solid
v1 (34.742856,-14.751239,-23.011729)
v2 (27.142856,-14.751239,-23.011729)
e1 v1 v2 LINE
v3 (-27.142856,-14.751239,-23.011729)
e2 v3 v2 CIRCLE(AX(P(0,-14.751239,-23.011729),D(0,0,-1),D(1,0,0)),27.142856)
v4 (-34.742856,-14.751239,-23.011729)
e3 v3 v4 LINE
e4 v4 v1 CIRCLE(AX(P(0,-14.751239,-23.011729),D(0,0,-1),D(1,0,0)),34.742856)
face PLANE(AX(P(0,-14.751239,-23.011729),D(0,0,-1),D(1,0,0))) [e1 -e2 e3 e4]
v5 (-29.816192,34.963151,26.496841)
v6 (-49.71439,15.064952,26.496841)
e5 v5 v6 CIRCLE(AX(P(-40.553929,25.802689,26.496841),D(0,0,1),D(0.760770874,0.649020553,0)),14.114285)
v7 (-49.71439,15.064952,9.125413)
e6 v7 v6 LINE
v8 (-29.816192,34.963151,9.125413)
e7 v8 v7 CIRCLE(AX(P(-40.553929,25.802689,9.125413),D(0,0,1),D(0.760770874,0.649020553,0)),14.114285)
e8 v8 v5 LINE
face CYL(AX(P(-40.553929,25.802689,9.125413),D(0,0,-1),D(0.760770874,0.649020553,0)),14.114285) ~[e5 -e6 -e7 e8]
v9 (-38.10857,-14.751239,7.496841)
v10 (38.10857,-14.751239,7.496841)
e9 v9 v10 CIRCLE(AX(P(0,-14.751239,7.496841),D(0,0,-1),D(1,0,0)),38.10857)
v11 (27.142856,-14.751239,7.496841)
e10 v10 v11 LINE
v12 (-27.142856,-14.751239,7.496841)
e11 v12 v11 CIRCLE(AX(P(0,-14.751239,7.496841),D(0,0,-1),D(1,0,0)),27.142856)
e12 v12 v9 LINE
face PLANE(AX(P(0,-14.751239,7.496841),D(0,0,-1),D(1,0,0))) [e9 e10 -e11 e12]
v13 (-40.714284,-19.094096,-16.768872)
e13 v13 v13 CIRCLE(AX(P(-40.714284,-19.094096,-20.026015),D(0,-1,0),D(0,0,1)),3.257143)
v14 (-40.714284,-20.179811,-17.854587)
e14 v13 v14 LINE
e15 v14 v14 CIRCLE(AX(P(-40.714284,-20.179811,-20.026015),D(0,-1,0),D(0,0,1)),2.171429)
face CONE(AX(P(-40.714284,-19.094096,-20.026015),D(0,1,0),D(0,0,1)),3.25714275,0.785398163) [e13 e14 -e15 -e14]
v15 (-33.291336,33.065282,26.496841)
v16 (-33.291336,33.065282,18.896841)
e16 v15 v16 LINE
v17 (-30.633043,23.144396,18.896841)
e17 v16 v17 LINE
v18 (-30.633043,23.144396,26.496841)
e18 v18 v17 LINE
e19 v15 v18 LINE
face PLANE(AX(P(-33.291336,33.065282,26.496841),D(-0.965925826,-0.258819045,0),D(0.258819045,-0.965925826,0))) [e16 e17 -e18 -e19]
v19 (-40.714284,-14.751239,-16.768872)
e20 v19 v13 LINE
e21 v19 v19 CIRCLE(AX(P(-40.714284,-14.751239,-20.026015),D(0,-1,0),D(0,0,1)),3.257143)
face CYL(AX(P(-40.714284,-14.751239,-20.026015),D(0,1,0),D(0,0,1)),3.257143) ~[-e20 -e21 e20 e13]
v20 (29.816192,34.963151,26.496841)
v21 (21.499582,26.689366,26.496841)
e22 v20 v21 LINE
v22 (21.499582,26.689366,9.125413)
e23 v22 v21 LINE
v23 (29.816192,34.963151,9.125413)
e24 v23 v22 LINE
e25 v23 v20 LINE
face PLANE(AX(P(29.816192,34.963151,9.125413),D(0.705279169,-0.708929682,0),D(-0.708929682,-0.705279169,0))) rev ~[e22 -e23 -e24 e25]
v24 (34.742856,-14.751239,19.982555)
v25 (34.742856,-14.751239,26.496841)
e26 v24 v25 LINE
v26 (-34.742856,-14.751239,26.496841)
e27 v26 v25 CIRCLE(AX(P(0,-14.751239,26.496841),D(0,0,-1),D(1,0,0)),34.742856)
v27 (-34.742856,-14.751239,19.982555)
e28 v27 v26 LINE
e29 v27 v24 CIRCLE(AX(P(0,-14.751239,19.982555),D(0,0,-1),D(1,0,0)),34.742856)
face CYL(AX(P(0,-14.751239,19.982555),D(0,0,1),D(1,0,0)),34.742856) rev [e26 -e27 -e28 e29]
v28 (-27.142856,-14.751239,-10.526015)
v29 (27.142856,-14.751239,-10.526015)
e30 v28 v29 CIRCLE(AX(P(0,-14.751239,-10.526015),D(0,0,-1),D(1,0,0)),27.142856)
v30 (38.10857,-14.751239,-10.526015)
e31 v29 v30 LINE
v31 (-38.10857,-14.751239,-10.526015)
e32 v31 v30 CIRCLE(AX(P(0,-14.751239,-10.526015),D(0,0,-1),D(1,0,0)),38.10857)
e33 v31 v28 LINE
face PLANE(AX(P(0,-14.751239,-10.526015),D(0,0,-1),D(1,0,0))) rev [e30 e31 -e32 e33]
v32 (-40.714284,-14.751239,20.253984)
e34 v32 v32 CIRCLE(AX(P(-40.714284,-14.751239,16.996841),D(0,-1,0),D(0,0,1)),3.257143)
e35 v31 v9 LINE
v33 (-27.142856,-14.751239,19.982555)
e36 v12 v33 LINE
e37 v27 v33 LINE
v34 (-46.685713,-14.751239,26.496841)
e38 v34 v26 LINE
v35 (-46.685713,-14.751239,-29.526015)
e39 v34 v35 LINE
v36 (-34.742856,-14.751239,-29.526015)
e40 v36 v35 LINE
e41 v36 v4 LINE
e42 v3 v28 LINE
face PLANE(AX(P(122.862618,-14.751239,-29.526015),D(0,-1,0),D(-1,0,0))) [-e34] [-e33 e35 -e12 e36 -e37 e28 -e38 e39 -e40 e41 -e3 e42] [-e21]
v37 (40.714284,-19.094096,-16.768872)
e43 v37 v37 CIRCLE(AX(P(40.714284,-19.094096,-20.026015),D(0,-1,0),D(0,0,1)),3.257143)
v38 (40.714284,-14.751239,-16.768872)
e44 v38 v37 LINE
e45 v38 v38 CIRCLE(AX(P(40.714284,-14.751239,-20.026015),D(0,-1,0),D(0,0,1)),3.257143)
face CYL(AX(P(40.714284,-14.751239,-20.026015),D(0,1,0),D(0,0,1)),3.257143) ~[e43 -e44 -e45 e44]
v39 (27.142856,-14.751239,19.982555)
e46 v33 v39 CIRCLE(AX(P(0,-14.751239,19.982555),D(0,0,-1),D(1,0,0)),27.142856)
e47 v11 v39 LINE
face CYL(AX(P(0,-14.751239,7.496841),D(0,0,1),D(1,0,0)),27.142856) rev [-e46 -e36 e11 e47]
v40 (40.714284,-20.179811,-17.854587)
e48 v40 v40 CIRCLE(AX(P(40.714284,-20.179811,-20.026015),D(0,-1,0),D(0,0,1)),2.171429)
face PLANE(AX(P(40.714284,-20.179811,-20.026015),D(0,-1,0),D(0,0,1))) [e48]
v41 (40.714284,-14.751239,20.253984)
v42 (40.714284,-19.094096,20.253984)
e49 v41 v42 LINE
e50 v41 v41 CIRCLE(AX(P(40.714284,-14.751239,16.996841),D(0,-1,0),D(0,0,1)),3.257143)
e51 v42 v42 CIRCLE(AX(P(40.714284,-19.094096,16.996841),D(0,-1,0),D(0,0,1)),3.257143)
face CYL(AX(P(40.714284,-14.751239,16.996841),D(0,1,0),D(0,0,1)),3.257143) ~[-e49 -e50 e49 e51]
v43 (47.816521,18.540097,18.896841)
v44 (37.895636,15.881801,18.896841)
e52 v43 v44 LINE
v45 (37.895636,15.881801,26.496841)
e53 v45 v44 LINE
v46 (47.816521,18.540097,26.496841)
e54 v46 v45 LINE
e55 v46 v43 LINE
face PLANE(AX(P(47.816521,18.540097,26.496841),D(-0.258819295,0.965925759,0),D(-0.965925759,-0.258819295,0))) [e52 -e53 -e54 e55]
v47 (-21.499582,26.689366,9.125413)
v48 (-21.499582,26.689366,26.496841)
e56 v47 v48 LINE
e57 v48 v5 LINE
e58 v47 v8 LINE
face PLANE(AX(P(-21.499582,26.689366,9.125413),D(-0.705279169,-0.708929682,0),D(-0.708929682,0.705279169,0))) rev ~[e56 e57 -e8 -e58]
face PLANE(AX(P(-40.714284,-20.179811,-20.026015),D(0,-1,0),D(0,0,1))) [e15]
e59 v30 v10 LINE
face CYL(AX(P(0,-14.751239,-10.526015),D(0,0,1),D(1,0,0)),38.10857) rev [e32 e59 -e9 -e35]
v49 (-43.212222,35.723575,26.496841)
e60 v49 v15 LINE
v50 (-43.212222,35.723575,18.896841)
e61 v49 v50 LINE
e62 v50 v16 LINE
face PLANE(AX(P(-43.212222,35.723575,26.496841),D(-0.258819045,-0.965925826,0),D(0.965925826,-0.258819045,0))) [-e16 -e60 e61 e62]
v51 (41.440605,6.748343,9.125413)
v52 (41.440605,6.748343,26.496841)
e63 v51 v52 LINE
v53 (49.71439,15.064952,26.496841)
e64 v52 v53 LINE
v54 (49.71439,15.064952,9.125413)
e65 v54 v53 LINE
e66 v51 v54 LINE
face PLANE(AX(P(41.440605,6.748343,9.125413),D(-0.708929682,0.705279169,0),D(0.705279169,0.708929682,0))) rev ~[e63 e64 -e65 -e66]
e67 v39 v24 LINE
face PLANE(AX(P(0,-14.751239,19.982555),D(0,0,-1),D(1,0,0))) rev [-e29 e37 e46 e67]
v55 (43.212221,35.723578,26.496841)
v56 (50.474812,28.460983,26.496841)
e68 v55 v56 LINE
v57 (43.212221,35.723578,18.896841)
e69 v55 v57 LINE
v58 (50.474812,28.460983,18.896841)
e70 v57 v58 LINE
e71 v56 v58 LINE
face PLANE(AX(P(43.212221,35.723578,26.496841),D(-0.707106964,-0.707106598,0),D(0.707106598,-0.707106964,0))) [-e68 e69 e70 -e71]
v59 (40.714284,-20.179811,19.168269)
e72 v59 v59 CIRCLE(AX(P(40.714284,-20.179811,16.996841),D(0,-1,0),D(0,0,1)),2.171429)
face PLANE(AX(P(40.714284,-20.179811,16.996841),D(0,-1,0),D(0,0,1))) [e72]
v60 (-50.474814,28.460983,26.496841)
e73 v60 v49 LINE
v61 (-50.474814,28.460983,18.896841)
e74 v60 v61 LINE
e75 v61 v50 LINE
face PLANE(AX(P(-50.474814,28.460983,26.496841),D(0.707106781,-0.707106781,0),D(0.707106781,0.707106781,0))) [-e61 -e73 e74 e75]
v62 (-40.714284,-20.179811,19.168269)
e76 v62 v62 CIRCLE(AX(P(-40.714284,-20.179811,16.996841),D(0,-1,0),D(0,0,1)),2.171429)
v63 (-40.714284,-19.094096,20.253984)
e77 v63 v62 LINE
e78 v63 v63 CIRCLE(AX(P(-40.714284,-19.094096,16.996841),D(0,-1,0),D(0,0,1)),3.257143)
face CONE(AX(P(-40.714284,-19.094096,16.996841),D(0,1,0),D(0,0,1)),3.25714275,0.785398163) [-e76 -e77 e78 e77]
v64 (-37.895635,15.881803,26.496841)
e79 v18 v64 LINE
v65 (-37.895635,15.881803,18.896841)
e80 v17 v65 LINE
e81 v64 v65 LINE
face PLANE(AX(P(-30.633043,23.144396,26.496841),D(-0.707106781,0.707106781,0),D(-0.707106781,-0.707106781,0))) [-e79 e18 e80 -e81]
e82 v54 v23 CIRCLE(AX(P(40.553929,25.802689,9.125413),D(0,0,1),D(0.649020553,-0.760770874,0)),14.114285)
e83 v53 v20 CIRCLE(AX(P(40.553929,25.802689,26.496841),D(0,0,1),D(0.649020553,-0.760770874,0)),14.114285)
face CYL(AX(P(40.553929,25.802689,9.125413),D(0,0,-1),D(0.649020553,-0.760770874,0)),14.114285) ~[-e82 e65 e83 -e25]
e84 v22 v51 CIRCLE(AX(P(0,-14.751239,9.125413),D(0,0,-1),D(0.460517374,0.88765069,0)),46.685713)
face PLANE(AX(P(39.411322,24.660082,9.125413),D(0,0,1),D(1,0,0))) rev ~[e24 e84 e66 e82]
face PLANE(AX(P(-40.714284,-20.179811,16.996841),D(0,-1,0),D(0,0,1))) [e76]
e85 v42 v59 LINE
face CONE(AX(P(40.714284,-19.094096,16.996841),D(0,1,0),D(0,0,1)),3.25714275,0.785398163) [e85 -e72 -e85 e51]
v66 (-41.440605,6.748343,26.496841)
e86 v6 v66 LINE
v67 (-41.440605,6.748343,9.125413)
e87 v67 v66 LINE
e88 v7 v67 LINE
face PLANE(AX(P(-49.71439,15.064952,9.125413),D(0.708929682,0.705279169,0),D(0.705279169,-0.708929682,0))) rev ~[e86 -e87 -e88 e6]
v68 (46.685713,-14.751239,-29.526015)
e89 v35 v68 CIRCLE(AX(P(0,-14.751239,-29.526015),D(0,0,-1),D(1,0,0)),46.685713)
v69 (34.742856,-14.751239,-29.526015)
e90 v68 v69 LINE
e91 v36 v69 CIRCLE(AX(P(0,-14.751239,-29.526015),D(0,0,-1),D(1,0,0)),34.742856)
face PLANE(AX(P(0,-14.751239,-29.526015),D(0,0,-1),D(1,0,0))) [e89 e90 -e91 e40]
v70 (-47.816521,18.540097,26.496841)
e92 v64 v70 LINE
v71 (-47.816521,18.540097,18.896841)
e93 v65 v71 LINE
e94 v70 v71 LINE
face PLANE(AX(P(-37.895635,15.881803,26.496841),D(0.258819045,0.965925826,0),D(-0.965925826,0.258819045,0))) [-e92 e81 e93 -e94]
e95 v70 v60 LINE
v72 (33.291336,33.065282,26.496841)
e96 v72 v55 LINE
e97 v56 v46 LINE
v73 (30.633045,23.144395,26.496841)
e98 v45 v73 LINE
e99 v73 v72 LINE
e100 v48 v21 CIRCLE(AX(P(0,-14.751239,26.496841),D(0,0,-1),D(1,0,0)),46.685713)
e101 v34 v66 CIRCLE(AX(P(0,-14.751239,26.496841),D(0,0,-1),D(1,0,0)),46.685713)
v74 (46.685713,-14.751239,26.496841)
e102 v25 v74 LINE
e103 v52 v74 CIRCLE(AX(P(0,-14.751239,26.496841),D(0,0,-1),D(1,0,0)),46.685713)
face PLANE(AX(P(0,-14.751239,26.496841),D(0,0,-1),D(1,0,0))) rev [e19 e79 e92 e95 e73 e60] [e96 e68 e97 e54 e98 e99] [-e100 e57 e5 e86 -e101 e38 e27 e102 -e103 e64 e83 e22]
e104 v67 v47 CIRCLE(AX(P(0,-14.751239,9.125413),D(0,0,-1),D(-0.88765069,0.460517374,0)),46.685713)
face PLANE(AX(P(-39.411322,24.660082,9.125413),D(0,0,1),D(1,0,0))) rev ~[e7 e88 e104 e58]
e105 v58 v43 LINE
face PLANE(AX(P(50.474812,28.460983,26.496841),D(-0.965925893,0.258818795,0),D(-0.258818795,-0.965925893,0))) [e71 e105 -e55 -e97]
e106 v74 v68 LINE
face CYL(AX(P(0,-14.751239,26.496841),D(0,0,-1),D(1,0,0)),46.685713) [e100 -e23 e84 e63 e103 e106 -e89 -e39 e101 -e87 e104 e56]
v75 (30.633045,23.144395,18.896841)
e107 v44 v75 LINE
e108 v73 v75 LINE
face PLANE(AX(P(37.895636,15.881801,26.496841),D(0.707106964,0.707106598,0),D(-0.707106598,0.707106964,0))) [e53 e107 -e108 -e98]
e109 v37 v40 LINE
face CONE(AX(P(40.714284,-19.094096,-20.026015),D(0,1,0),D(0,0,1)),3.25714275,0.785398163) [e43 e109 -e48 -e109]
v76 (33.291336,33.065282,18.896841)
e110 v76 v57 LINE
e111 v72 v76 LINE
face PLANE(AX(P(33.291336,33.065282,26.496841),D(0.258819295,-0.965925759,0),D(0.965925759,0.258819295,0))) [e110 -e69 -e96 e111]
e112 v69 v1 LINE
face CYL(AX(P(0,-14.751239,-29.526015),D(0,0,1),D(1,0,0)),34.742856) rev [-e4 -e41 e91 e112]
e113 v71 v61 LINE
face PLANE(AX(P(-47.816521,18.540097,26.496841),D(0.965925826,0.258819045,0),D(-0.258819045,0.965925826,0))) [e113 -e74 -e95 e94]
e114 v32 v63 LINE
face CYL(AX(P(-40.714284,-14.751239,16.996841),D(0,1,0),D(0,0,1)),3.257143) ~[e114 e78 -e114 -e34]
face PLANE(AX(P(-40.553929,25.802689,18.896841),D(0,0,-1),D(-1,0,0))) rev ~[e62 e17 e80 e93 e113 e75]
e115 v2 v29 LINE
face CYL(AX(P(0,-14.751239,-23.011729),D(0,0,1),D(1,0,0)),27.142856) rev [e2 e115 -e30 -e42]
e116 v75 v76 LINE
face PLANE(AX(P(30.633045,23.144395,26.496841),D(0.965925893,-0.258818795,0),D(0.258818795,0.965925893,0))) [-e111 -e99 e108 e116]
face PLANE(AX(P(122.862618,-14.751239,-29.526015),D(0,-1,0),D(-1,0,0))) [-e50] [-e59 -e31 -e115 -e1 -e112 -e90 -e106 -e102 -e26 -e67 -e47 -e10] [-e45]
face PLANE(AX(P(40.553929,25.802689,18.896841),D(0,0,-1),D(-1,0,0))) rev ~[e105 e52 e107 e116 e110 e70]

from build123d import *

# Parameters (mm, degrees)
SKETCH2_W               = 113.16294167
SKETCH2_H               = 44.385347151
CUT_EXTRUDE1_DEPTH      = 40.876559531
BOSS_EXTRUDE1_START     = -8
BOSS_EXTRUDE1_DEPTH     = 8
CORTAR_EXTRUIR1_DEPTH   = 3.5
SKETCH4_R               = 1.5
SALIENTE_EXTRUIR1_DEPTH = 2.5
CHAFL_N5_SIZE           = 0.5
SCALE1_SCALE            = 2.1714285


with BuildPart() as part:
    # Sketch1 → Revolve1 (revolve)
    with BuildSketch(Plane(origin=(0, 0, 0), x_dir=(1, 0, 0), z_dir=(0, 1, 0))):
        Polygon((21.5, 12.9), (16, 12.9), (16, 9.9), (12.5, 9.9), (12.5, 4.15), (17.55, 4.15), (17.55, -4.15), (12.5, -4.15), (12.5, -9.9), (16, -9.9), (16, -12.9), (21.5, -12.9), align=None)
    revolve(axis=Axis((0, 0, 0), (0, 0, -1)))

    # Sketch2 → Cut-Extrude1 (cut, through all)
    with BuildSketch(Plane(origin=(0, 0, -12.9), x_dir=(-1, 0, 0), z_dir=(0, 0, -1))):
        with Locations((0, -22.192673576)):
            Rectangle(SKETCH2_W, SKETCH2_H)
    extrude(amount=-CUT_EXTRUDE1_DEPTH, mode=Mode.SUBTRACT)

    # Sketch3 → Boss-Extrude1 (add)
    with BuildSketch(Plane.XY.offset(12.9).offset(BOSS_EXTRUDE1_START)):
        with BuildLine():
            ThreePointArc((9.901123545, 19.084489842), (15.202795796, 15.202795796), (19.084489842, 9.901123545))
            Line((19.084489842, 9.901123545), (22.894785555, 13.731141284))
            ThreePointArc((22.894785555, 13.731141284), (23.272346041, 23.272346041), (13.731141284, 22.894785555))
            Line((13.731141284, 22.894785555), (9.901123545, 19.084489842))
        make_face()
        with BuildLine():
            Line((-9.901123545, 19.084489842), (-13.731141284, 22.894785555))
            ThreePointArc((-13.731141284, 22.894785555), (-23.272346041, 23.272346041), (-22.894785555, 13.731141284))
            Line((-22.894785555, 13.731141284), (-19.084489842, 9.901123545))
            ThreePointArc((-19.084489842, 9.901123545), (-15.202795796, 15.202795796), (-9.901123545, 19.084489842))
        make_face()
    extrude(amount=BOSS_EXTRUDE1_DEPTH)

    # Croquis6 → Cortar-Extruir1 (cut)
    with BuildSketch(Plane.XY.offset(12.9)):
        Polygon((-15.331536888, 22.020767038), (-14.107322805, 17.45193788), (-17.45193788, 14.107322805), (-22.020767038, 15.331536888), (-23.244981122, 19.900366047), (-19.900366047, 23.244981122), align=None)
        Polygon((15.331536888, 22.020767038), (19.90036573, 23.244982303), (23.24497994, 19.900366363), (22.020767038, 15.331536888), (17.451938197, 14.107321624), (14.107323987, 17.451937564), align=None)
    extrude(amount=-CORTAR_EXTRUIR1_DEPTH, mode=Mode.SUBTRACT)

    # Sketch4 → Saliente-Extruir1 (add)
    with BuildSketch(Plane.XZ):
        with Locations(Location((-18.75, 8.525, 0), (0, 0, 90))):
            Circle(SKETCH4_R)
        with Locations(Location((18.75, -8.525, 0), (0, 0, 90))):
            Circle(SKETCH4_R)
        with Locations(Location((18.75, 8.525, 0), (0, 0, 90))):
            Circle(SKETCH4_R)
        with Locations(Location((-18.75, -8.525, 0), (0, 0, 90))):
            Circle(SKETCH4_R)
    extrude(amount=SALIENTE_EXTRUIR1_DEPTH)

    # Chaflán5
    chafl_n5_edges = [part.edges().sort_by_distance(p)[0] for p in [
        (-18.75, -2.5, 7.025),
        (18.75, -2.5, 7.025),
        (18.75, -2.5, -10.025),
        (-18.75, -2.5, -10.025),
    ]]
    chamfer(chafl_n5_edges, length=CHAFL_N5_SIZE)


with BuildPart() as part_1:
    # Scale1: scaled about (0, 12.592522151, 1.292940279)
    add(part.part.scale(SCALE1_SCALE).moved(Location((0, -14.751239335, -1.514587092))))


solid = part_1.part
